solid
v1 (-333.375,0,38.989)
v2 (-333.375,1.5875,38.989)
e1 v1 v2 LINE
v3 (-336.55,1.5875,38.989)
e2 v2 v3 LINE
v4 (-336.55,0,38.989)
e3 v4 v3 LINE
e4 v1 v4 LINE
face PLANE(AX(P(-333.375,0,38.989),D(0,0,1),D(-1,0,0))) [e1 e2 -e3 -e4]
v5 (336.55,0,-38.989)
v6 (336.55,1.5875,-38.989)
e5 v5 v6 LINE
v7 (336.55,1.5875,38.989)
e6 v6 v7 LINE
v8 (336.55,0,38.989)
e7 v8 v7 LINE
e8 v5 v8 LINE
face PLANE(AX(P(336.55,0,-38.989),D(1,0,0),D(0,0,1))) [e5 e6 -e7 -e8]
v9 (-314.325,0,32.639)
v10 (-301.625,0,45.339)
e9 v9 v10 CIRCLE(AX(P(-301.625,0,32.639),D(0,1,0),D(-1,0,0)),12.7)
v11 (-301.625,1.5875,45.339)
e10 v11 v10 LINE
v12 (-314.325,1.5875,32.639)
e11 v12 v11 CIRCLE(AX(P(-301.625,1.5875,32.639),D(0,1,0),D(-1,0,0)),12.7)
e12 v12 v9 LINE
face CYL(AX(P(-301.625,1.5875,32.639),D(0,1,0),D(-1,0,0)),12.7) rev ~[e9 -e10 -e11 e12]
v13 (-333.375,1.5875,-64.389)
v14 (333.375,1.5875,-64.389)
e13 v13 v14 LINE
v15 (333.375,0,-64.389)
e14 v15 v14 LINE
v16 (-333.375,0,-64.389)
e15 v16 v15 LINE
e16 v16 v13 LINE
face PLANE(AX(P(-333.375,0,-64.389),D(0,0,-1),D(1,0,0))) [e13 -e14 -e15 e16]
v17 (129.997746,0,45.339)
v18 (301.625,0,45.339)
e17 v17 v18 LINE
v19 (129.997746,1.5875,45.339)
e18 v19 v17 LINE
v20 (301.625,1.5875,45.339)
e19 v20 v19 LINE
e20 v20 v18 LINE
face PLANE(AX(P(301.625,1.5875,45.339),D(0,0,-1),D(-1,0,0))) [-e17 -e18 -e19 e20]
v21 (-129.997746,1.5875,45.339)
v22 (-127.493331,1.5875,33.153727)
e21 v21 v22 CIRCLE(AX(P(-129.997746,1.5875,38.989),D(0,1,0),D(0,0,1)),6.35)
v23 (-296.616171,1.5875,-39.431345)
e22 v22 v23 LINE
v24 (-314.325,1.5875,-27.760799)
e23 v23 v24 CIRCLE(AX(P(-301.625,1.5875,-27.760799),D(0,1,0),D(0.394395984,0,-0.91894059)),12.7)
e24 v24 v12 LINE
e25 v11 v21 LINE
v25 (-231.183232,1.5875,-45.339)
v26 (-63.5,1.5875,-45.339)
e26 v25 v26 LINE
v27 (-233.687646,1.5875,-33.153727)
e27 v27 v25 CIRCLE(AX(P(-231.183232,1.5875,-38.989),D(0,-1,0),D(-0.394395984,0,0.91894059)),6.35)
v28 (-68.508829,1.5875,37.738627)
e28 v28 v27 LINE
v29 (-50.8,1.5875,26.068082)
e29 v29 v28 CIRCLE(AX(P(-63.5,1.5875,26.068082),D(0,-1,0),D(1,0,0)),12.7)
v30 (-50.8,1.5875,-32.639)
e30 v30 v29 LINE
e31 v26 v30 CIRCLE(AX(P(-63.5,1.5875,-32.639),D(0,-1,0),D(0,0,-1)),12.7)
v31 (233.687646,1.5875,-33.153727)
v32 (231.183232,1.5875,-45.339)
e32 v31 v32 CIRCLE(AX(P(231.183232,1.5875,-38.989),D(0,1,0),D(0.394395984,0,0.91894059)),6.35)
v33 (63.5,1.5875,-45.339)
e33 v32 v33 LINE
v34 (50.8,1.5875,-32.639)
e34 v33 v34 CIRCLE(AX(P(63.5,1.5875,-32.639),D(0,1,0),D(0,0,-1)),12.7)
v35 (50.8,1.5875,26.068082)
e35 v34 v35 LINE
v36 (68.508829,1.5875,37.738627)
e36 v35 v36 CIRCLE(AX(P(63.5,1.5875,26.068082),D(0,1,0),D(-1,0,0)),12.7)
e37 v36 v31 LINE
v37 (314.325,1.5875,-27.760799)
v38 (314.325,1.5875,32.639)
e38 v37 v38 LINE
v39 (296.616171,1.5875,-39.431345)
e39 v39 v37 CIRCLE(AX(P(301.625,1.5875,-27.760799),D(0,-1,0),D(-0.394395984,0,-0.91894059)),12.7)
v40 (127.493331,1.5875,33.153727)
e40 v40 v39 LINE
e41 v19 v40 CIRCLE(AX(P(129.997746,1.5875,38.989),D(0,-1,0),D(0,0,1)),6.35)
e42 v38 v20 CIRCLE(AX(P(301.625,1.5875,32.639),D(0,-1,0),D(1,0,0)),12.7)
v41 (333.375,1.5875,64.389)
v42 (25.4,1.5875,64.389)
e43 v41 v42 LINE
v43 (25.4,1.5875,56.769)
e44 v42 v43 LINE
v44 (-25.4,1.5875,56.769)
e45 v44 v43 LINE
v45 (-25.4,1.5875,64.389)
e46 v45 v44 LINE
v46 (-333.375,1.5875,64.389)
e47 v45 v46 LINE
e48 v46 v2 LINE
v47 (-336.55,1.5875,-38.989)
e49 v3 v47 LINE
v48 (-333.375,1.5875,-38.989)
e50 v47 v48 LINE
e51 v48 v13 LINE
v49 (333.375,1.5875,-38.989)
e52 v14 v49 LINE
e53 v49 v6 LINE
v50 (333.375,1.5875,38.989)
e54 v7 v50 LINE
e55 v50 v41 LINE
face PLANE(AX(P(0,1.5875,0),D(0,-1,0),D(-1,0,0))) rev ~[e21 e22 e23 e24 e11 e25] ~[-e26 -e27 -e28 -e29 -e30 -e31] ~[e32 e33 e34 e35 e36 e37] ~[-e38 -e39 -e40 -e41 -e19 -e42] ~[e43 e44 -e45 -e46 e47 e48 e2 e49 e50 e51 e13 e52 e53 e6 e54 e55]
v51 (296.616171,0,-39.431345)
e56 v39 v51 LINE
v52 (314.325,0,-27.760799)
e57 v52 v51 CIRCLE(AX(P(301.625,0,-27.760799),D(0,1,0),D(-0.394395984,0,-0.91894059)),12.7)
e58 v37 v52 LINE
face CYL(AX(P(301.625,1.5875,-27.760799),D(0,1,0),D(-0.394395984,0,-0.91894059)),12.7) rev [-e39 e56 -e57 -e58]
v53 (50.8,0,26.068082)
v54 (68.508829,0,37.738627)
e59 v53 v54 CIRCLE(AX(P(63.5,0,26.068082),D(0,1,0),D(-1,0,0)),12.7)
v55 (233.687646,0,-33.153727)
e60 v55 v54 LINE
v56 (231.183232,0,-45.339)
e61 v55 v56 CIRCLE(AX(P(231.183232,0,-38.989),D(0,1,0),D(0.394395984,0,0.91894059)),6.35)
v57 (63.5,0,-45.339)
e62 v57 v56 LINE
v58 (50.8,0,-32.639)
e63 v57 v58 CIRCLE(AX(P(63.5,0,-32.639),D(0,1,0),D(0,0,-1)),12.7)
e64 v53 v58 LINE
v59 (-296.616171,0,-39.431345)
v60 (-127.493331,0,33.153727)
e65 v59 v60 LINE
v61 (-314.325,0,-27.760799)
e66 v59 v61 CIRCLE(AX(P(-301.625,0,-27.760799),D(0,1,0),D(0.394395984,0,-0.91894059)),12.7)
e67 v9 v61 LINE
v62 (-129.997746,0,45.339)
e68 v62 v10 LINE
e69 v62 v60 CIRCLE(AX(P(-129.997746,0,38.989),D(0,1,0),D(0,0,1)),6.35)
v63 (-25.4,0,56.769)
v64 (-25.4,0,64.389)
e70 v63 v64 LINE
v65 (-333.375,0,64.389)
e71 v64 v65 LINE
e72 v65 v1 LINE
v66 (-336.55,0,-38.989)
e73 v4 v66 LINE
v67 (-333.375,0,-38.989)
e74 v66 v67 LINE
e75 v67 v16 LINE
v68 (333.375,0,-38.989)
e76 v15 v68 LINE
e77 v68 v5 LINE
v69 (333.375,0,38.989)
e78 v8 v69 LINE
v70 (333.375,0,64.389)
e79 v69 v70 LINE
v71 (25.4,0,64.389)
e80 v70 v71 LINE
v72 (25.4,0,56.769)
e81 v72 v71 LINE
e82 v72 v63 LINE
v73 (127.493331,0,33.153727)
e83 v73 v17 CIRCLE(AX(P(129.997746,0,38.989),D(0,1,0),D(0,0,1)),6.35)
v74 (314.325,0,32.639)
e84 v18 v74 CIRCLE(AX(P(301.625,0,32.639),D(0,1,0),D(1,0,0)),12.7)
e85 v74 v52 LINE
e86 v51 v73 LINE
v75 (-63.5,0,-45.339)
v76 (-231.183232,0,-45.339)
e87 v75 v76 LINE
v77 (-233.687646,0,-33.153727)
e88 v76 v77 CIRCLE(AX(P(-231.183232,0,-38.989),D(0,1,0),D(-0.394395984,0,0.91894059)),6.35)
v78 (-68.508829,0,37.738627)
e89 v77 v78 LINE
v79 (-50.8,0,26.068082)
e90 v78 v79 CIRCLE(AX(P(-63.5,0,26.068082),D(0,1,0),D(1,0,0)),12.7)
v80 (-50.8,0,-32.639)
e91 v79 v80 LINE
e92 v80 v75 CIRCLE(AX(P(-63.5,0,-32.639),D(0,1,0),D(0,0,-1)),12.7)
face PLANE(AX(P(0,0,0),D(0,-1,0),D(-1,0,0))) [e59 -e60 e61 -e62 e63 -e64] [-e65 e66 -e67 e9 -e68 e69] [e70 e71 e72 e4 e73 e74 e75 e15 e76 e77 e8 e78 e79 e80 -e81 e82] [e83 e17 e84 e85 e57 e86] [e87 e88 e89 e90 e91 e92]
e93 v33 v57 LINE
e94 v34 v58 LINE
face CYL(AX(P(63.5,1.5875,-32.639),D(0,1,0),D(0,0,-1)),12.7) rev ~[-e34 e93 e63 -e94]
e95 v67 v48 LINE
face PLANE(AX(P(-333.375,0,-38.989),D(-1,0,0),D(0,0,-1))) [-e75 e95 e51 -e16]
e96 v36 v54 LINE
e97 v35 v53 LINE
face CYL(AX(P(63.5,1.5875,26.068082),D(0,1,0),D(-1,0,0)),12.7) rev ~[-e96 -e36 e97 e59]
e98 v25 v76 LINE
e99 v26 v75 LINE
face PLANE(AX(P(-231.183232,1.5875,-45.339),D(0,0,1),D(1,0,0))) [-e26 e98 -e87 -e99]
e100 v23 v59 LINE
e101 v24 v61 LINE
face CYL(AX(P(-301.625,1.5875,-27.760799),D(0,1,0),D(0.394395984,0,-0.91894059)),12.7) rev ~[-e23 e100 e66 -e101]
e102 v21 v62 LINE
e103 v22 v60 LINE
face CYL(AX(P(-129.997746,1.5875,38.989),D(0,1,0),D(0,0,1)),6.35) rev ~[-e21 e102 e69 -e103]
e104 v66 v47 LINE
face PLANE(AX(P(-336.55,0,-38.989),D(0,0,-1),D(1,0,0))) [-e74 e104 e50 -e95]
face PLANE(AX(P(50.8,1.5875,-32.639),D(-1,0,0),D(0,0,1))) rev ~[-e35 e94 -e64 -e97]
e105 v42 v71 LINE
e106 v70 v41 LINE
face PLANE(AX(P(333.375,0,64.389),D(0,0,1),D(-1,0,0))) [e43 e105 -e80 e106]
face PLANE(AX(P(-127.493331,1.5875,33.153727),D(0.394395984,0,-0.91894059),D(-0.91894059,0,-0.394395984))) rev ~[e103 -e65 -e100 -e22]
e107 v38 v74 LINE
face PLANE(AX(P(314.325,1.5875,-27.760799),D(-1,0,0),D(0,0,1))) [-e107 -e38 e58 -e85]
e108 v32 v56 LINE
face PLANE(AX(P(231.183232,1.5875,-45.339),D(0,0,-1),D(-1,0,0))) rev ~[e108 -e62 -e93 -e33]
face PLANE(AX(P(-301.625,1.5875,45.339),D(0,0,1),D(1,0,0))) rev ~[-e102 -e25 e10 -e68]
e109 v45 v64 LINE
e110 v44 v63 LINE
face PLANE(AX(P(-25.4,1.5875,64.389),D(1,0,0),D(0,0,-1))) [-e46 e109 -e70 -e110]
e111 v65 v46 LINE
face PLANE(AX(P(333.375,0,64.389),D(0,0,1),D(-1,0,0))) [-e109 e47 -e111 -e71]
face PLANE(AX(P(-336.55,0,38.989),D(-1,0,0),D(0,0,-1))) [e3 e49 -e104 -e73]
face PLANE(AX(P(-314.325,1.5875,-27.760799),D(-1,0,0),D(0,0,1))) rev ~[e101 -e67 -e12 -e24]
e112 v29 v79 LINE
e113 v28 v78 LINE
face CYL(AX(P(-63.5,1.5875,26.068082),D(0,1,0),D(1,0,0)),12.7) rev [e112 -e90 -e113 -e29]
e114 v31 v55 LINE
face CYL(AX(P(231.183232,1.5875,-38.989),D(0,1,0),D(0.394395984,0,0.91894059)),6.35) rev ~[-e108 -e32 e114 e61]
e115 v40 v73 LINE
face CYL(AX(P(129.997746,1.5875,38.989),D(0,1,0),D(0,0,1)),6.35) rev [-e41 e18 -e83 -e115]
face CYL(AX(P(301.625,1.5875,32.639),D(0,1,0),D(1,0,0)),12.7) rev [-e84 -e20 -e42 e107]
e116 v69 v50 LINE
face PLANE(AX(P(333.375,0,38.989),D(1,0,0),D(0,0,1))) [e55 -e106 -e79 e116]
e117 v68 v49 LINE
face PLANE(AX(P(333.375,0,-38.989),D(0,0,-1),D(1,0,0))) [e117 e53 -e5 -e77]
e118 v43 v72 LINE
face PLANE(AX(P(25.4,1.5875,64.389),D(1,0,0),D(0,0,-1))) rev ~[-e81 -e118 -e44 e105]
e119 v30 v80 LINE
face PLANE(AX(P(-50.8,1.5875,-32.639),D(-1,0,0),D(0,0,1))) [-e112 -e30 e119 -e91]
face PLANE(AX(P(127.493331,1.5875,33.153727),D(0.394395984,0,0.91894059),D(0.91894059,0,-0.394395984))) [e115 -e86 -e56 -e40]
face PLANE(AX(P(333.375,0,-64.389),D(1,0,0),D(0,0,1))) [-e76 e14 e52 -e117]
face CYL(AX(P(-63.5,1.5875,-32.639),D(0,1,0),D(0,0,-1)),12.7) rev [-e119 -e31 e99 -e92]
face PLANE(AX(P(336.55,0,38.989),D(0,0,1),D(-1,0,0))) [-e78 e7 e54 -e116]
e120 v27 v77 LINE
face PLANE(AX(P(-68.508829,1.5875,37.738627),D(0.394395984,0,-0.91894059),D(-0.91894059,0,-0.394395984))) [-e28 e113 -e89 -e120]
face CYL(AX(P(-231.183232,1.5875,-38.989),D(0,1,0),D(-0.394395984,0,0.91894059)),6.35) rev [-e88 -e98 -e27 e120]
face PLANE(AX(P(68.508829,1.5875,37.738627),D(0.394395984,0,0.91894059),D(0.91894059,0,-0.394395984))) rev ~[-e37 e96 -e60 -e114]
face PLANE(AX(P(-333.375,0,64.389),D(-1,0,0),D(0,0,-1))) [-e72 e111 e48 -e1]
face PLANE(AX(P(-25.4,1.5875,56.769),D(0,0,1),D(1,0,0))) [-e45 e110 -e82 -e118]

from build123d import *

# Parameters (mm, degrees)
BOSS_EXTRUDE1_DEPTH = 1.5875
CUT_EXTRUDE2_DEPTH  = 343.657797193
WING_SPAR_CUT_W     = 50.8
WING_SPAR_CUT_H     = 7.62
CUT_EXTRUDE3_DEPTH  = 343.657797193


with BuildPart() as part:
    # Sketch1 → Boss-Extrude1 (new body)
    with BuildSketch(Plane(origin=(0, 0, 0), x_dir=(1, 0, 0), z_dir=(0, 1, 0))):
        Polygon((-333.375, 38.989), (-333.375, 64.389), (333.375, 64.389), (333.375, 38.989), (336.55, 38.989), (336.55, -38.989), (333.375, -38.989), (333.375, -64.389), (-333.375, -64.389), (-333.375, -38.989), (-336.55, -38.989), (-336.55, 38.989), align=None)
    extrude(amount=BOSS_EXTRUDE1_DEPTH)

    # Sketch3 → Cut-Extrude2 (cut, through all)
    with BuildSketch(Plane(origin=(0, 1.5875, 0), x_dir=(1, 0, 0), z_dir=(0, 1, 0))):
        with BuildLine():
            Line((-314.325, 27.760799149), (-314.325, -32.639))
            ThreePointArc((-314.325, -32.639), (-310.605256121, -41.619256121), (-301.625, -45.339))
            Line((-301.625, -45.339), (-129.997745545, -45.339))
            ThreePointArc((-129.997745545, -45.339), (-123.777758329, -40.267381409), (-127.49333105, -33.153727253))
            Line((-127.49333105, -33.153727253), (-296.616171009, 39.431344643))
            ThreePointArc((-296.616171009, 39.431344643), (-308.613485953, 38.365093755), (-314.325, 27.760799149))
        make_face()
        with BuildLine():
            Line((-231.183231716, 45.339), (-63.5, 45.339))
            ThreePointArc((-63.5, 45.339), (-54.519743879, 41.619256121), (-50.8, 32.639))
            Line((-50.8, 32.639), (-50.8, -26.068081748))
            ThreePointArc((-50.8, -26.068081748), (-56.511514047, -36.672376354), (-68.508828991, -37.738627243))
            Line((-68.508828991, -37.738627243), (-233.687646211, 33.153727253))
            ThreePointArc((-233.687646211, 33.153727253), (-237.403218932, 40.267381409), (-231.183231716, 45.339))
        make_face()
        with BuildLine():
            Line((68.508828991, -37.738627243), (233.687646211, 33.153727253))
            ThreePointArc((233.687646211, 33.153727253), (237.403218932, 40.267381409), (231.183231716, 45.339))
            Line((231.183231716, 45.339), (63.5, 45.339))
            ThreePointArc((63.5, 45.339), (54.519743879, 41.619256121), (50.8, 32.639))
            Line((50.8, 32.639), (50.8, -26.068081748))
            ThreePointArc((50.8, -26.068081748), (56.511514047, -36.672376354), (68.508828991, -37.738627243))
        make_face()
        with BuildLine():
            Line((314.325, 27.760799149), (314.325, -32.639))
            ThreePointArc((314.325, -32.639), (310.605256121, -41.619256121), (301.625, -45.339))
            Line((301.625, -45.339), (129.997745545, -45.339))
            ThreePointArc((129.997745545, -45.339), (123.777758329, -40.267381409), (127.49333105, -33.153727253))
            Line((127.49333105, -33.153727253), (296.616171009, 39.431344643))
            ThreePointArc((296.616171009, 39.431344643), (308.613485953, 38.365093755), (314.325, 27.760799149))
        make_face()
    extrude(amount=-CUT_EXTRUDE2_DEPTH, mode=Mode.SUBTRACT)

    # Wing Spar Cut → Cut-Extrude3 (cut, through all)
    with BuildSketch(Plane(origin=(0, 1.5875, 0), x_dir=(1, 0, 0), z_dir=(0, 1, 0))):
        with Locations((0, -60.579)):
            Rectangle(WING_SPAR_CUT_W, WING_SPAR_CUT_H)
    extrude(amount=-CUT_EXTRUDE3_DEPTH, mode=Mode.SUBTRACT)


solid = part.part
